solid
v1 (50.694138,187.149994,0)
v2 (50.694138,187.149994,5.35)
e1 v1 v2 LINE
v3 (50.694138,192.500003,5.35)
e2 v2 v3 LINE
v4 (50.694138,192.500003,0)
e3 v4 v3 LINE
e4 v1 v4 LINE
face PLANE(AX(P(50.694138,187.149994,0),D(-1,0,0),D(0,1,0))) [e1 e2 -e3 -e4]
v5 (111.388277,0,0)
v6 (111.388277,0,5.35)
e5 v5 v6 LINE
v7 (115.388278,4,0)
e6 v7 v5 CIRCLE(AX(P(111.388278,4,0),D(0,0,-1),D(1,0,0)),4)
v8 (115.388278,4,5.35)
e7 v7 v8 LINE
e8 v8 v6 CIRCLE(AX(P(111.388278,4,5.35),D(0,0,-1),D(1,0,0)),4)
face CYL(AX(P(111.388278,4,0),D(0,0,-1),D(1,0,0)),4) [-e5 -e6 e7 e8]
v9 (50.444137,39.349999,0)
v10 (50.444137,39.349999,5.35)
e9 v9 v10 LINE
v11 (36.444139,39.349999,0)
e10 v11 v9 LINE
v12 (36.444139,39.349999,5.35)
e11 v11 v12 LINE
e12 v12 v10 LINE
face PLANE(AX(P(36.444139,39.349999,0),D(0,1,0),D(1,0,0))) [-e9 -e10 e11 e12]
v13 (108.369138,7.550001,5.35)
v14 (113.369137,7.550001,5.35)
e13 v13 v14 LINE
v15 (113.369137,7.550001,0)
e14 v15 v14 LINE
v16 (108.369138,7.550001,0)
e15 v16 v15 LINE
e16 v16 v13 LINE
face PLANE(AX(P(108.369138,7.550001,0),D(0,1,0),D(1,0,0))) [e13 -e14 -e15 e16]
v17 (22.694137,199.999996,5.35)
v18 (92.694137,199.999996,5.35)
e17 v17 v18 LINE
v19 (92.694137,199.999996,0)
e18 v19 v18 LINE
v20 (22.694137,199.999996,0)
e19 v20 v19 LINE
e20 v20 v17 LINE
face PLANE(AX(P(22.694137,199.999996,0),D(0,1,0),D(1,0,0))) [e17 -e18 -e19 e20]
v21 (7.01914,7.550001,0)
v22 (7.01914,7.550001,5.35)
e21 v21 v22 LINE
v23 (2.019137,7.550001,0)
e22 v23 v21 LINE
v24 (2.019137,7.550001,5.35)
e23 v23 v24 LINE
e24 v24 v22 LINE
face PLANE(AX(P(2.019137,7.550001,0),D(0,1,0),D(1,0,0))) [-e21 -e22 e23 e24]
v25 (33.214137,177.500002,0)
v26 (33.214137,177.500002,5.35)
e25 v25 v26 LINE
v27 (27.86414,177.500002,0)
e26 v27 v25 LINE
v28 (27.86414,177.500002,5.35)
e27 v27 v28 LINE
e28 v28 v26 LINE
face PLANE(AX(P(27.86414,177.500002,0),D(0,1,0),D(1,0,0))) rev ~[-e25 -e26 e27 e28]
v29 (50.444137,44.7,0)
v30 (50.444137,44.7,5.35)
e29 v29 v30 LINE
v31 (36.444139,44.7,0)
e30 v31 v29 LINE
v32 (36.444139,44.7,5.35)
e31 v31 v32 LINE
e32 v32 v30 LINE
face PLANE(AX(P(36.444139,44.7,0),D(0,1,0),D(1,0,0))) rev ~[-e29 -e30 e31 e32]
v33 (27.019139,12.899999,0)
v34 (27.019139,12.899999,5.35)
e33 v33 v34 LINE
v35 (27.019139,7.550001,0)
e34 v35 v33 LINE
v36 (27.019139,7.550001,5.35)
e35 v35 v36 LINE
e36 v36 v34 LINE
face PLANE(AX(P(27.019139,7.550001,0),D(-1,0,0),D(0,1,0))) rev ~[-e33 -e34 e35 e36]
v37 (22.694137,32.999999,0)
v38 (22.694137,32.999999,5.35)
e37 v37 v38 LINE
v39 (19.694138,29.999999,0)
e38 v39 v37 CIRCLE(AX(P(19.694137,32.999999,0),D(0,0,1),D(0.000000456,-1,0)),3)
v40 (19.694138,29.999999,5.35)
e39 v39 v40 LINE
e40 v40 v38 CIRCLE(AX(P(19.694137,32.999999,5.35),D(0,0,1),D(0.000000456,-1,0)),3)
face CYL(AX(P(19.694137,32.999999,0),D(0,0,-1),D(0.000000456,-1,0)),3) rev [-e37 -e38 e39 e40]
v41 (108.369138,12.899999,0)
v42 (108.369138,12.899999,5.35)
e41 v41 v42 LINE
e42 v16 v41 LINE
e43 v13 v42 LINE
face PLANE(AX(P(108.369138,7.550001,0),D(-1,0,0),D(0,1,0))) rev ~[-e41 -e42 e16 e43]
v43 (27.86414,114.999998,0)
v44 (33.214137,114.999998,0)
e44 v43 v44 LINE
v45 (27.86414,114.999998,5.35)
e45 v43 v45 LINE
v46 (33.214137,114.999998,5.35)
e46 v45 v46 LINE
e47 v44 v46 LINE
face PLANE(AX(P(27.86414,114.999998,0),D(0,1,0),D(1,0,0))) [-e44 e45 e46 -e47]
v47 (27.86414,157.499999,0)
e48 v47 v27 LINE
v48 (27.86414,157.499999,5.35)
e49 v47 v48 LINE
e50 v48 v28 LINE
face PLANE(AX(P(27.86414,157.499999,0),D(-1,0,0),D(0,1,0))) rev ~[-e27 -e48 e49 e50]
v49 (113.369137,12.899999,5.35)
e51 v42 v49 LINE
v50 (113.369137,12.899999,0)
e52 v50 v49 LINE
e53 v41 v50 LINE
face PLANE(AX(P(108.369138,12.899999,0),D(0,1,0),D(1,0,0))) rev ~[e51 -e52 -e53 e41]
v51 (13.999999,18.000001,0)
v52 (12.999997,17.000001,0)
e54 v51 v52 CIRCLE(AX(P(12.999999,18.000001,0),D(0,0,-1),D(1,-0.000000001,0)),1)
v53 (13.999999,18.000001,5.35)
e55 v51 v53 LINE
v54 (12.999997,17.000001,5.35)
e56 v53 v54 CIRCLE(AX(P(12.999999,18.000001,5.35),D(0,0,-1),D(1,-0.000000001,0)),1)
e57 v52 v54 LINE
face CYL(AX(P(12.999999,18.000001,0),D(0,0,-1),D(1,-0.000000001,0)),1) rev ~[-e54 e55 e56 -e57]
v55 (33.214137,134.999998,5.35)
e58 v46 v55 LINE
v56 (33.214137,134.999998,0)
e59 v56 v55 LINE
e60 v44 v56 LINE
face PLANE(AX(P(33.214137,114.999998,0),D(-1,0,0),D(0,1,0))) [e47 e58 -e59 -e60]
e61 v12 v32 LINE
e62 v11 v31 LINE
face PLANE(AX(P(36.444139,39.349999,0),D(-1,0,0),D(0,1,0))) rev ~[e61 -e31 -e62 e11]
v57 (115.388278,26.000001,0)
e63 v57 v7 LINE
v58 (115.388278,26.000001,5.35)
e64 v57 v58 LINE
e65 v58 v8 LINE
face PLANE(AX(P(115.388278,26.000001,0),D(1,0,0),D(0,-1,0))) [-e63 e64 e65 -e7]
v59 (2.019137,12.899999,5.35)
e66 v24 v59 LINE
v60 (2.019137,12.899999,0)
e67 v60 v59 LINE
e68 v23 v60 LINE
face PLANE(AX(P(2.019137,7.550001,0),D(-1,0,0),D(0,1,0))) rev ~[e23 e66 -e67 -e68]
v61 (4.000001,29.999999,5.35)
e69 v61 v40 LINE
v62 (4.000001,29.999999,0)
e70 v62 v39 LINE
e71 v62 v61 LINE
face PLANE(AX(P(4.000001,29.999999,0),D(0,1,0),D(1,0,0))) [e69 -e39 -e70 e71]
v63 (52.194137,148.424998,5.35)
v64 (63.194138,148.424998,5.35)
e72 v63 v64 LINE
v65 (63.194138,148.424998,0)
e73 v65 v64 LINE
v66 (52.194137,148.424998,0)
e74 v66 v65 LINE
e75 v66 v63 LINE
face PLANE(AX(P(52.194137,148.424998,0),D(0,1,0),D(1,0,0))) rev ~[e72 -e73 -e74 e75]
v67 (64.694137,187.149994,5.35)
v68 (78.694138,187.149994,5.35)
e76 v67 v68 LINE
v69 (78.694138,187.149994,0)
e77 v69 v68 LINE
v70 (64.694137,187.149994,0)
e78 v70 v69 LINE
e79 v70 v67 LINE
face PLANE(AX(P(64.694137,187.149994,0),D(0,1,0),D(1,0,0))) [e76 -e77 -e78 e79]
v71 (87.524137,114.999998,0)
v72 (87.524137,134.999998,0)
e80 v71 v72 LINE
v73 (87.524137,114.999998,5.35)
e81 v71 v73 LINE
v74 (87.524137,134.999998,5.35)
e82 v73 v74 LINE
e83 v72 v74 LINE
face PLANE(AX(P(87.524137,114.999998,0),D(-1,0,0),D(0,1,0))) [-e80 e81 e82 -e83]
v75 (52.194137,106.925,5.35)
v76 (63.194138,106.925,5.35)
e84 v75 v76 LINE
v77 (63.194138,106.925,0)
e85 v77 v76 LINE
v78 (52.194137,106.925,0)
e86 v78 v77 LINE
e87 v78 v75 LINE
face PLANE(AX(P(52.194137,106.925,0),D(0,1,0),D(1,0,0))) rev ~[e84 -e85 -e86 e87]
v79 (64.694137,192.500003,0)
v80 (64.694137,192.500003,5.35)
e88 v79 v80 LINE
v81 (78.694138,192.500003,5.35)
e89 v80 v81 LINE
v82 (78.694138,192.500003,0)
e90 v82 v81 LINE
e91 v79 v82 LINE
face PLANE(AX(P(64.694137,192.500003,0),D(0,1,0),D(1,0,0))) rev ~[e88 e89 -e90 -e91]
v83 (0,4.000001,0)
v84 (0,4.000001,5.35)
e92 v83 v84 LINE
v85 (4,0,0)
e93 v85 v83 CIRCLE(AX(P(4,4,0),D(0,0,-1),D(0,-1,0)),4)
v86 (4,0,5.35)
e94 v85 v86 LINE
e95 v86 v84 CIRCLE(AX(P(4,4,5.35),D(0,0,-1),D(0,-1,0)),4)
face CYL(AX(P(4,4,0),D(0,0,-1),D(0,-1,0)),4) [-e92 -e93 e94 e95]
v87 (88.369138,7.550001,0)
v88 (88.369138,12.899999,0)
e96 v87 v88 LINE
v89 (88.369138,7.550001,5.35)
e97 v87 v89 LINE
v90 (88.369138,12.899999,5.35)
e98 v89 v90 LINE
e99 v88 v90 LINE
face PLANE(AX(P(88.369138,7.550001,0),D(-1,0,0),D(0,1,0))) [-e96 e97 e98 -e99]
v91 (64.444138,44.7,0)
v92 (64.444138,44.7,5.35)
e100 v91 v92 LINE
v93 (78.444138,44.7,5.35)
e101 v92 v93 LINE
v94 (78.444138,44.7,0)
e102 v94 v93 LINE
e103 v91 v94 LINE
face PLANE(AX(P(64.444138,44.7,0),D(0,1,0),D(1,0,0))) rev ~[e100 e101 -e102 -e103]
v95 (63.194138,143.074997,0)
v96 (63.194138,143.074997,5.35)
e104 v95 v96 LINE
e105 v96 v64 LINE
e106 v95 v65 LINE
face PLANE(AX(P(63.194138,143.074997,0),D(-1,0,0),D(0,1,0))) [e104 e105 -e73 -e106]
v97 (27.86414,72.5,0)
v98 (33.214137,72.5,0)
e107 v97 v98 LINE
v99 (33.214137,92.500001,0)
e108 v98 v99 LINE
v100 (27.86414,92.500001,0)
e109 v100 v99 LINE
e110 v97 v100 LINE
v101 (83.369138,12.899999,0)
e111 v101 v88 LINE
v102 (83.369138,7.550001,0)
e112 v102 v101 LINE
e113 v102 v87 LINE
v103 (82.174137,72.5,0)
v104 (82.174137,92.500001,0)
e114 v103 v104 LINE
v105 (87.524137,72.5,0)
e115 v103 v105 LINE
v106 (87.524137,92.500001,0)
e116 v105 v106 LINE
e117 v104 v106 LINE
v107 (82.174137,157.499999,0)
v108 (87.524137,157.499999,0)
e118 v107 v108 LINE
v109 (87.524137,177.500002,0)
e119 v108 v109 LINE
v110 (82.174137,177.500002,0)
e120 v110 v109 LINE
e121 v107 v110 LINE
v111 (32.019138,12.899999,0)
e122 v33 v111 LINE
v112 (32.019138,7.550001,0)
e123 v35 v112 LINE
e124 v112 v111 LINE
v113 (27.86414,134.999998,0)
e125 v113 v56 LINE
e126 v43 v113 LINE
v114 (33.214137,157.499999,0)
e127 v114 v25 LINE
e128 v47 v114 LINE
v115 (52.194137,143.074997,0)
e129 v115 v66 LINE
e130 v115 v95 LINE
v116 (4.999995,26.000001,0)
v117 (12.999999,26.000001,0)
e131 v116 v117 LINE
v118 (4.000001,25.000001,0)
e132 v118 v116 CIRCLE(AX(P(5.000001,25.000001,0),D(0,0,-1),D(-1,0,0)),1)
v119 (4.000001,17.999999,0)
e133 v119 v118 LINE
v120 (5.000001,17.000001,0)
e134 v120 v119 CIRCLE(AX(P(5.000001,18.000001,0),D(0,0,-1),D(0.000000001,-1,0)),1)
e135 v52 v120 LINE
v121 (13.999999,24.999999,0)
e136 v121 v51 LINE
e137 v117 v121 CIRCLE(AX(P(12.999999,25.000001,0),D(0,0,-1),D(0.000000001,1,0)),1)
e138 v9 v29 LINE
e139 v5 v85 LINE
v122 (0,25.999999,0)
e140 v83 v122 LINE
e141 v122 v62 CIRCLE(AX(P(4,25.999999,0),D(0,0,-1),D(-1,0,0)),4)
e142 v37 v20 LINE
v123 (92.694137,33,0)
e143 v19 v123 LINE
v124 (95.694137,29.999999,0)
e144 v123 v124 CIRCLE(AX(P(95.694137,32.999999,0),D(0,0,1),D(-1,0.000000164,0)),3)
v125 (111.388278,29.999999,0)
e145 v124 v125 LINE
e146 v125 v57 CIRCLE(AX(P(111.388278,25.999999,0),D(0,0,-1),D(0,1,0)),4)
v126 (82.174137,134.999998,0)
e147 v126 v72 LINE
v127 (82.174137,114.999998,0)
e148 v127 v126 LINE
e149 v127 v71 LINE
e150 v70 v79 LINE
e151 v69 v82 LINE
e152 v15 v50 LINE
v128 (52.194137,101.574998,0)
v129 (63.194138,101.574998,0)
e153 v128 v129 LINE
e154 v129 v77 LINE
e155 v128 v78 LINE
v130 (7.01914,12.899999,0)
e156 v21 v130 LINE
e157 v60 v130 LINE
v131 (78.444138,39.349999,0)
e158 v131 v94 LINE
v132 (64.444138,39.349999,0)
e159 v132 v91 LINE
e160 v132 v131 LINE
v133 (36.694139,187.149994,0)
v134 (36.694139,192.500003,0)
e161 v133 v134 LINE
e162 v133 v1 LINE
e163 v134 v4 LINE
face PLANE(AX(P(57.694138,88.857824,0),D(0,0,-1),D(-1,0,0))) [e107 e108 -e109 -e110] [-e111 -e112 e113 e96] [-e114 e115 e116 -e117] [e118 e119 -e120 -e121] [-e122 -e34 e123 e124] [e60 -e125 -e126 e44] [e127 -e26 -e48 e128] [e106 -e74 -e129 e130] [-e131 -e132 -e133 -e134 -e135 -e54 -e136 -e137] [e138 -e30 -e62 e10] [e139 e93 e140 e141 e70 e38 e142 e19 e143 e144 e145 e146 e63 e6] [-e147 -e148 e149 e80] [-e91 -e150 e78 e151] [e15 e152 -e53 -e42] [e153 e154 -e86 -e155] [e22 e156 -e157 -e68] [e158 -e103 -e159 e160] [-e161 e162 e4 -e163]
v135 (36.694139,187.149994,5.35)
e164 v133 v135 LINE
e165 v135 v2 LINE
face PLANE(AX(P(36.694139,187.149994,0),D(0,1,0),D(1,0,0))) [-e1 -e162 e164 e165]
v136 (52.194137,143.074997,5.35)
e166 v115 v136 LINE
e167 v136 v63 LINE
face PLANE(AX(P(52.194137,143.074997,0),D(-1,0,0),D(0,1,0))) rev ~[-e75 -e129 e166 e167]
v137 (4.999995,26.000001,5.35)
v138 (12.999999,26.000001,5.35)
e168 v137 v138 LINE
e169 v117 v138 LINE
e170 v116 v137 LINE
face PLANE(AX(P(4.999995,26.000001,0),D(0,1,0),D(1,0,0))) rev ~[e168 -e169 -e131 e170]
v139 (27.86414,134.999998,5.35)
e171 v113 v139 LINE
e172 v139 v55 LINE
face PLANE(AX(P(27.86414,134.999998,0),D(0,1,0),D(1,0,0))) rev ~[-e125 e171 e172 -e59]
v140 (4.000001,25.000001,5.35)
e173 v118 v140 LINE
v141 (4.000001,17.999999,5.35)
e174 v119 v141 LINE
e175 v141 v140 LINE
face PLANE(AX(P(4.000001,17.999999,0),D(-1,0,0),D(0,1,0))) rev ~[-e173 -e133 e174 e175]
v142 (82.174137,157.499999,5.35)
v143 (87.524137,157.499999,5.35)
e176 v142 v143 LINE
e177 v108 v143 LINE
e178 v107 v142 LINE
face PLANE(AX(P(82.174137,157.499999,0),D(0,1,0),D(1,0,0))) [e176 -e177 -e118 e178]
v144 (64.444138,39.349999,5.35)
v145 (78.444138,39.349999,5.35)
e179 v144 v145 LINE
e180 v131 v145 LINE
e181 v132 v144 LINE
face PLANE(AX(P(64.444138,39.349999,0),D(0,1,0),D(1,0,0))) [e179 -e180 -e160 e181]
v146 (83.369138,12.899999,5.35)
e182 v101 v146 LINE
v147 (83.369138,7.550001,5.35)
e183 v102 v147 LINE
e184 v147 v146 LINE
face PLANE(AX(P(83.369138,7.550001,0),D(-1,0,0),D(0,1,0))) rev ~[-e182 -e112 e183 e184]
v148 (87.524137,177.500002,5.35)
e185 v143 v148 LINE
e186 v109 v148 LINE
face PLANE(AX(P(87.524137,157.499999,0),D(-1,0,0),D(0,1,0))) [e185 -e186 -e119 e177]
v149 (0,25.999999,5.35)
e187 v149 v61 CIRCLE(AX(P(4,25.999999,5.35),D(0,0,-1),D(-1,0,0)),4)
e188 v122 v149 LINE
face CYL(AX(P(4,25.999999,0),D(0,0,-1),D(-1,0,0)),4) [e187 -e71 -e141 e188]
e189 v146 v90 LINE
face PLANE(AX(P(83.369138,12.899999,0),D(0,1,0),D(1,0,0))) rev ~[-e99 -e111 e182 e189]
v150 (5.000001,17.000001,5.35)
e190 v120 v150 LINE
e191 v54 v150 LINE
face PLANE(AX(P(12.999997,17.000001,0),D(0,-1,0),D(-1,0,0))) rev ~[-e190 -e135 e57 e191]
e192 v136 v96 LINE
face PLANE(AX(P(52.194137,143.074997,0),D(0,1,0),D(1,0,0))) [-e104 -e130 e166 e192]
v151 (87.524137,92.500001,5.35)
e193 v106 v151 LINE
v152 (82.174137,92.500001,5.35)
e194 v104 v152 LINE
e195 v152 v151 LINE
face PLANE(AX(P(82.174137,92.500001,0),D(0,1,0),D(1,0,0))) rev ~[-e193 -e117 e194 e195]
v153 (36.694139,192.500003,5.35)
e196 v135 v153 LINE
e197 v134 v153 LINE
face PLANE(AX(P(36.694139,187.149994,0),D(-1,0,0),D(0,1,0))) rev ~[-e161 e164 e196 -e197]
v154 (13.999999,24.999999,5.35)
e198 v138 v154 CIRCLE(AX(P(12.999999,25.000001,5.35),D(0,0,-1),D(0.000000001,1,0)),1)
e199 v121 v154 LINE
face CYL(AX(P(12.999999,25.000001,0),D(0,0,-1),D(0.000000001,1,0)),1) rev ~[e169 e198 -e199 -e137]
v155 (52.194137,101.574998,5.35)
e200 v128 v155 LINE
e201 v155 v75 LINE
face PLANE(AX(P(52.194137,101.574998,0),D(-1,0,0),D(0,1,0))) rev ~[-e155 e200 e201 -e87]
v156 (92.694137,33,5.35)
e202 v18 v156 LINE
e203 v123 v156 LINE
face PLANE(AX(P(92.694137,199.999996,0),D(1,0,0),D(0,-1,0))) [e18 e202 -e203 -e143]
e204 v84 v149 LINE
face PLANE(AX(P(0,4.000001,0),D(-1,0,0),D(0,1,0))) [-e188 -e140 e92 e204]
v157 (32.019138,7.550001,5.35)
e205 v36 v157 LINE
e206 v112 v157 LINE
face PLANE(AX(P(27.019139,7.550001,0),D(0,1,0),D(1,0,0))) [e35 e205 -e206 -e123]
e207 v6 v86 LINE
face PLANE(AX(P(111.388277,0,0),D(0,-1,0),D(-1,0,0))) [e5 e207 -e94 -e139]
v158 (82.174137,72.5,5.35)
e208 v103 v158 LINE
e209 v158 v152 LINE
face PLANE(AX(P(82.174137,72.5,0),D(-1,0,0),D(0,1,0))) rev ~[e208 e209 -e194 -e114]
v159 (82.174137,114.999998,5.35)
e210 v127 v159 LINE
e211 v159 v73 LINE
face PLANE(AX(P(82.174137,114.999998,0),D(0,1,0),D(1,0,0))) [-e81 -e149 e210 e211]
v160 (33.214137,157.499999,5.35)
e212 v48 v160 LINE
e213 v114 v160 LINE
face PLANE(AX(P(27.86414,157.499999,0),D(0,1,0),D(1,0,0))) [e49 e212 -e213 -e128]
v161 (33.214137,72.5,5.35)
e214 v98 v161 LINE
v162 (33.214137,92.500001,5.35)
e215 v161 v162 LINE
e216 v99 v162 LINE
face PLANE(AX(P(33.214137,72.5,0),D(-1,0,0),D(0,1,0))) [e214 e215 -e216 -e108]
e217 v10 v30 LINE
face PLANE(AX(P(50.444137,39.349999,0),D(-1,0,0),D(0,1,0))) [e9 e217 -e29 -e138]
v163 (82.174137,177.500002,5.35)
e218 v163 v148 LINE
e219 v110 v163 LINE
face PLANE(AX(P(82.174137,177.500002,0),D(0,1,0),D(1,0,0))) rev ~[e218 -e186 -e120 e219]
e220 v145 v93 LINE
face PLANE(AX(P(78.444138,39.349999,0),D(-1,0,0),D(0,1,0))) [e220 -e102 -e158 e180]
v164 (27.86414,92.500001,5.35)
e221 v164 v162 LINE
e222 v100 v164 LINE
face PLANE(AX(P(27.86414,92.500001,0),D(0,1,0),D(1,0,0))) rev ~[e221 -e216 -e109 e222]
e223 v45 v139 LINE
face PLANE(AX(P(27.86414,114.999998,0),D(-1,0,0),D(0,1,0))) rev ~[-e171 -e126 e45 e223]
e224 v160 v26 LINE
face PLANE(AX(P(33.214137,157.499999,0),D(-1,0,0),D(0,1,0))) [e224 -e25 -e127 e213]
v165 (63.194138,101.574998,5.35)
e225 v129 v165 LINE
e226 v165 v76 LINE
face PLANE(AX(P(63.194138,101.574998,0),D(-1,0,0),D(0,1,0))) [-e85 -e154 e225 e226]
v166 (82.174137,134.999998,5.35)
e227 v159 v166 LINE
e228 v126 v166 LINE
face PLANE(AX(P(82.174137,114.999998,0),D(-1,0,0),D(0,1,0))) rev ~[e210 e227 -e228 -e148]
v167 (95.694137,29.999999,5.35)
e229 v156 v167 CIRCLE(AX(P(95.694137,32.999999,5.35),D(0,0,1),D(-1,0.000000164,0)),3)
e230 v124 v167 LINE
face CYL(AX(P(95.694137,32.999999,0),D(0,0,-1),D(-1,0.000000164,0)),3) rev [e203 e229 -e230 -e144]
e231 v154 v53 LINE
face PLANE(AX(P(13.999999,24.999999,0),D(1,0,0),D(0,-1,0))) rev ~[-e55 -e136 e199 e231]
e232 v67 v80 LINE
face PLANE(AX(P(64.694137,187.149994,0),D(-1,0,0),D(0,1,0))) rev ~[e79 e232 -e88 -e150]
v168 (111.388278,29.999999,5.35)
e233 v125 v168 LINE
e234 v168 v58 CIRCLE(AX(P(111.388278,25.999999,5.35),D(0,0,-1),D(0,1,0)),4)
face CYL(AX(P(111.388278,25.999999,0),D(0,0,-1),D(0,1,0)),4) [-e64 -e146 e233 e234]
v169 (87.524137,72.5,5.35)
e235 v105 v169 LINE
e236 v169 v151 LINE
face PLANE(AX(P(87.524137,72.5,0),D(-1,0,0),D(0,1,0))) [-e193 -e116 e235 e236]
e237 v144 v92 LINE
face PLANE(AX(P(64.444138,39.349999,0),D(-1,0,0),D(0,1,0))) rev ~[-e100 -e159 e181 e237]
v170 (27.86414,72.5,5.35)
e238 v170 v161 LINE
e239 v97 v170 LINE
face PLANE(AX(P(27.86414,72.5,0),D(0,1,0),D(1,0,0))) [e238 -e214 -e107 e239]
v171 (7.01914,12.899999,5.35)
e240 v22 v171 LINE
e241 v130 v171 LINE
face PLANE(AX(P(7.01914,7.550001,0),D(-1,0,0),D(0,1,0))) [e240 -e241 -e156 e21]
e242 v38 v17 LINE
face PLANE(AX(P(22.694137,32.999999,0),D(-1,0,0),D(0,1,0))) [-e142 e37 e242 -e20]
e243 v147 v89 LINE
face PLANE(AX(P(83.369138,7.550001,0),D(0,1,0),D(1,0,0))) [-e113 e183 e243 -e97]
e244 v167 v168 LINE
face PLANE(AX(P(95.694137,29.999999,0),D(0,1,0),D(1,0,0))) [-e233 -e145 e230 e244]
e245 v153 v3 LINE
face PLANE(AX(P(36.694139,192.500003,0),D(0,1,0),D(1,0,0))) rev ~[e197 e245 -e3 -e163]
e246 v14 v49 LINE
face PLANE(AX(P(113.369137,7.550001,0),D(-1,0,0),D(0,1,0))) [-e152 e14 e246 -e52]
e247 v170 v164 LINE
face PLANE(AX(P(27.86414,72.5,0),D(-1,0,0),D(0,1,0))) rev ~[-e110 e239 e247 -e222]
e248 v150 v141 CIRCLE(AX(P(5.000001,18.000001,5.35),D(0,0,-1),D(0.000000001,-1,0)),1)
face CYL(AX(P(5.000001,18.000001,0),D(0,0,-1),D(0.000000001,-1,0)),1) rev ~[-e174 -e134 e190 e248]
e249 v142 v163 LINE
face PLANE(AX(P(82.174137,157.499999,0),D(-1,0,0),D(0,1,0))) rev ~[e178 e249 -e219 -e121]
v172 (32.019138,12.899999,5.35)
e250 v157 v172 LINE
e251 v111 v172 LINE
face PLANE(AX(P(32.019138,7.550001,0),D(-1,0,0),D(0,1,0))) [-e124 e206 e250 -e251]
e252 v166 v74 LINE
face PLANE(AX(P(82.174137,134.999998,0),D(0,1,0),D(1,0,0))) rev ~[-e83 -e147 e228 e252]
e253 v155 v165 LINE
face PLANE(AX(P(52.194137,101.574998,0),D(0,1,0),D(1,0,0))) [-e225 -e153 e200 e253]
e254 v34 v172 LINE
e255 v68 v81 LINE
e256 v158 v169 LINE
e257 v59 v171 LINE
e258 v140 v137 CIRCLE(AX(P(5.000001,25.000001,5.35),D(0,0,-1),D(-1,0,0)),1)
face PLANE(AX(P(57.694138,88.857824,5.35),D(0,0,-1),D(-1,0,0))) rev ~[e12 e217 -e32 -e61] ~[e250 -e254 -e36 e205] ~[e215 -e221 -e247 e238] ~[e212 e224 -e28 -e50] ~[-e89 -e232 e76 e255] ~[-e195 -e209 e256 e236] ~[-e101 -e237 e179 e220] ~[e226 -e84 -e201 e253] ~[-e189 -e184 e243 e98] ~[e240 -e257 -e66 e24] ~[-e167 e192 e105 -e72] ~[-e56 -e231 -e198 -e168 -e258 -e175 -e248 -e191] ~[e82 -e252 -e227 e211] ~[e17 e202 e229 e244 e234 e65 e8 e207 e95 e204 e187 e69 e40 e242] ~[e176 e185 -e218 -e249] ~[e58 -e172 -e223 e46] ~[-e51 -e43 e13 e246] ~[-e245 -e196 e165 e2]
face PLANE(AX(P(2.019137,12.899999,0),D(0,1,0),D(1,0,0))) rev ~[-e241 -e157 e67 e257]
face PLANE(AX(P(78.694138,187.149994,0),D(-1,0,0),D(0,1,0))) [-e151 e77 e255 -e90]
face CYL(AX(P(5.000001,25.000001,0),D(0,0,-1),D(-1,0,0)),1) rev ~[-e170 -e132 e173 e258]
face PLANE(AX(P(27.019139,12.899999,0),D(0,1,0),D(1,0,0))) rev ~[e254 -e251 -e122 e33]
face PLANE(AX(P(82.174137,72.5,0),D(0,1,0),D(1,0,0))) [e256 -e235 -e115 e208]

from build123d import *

# Parameters (mm, degrees)
MODEL_W             = 5.350000225
MODEL_H             = 20.000001416
MODEL_W_2           = 5.349997431
MODEL_W_3           = 11.000000872
MODEL_H_2           = 5.350001156
MODEL_H_3           = 19.999999553
MODEL_H_4           = 20.000003278
MODEL_W_4           = 13.99999857
MODEL_H_5           = 5.350008607
MODEL_W_5           = 14.000000433
MODEL_W_6           = 13.999999967
MODEL_H_6           = 5.350000225
MODEL_W_7           = 4.999999888
MODEL_H_7           = 5.349997431
MODEL_W_8           = 4.999998957
MODEL_W_9           = 5.000002682
BOSS_EXTRUDE1_DEPTH = 5.35


with BuildPart() as part:
    # Model → Boss-Extrude1 (new body)
    with BuildSketch(Plane.XY):
        with BuildLine():
            Line((4.000000656, 29.99999933), (19.694138318, 29.99999933))
            ThreePointArc((19.694138318, 29.99999933), (21.815457776, 30.878679471), (22.694136947, 32.999999329))
            Line((22.694136947, 32.999999329), (22.694136947, 199.99999553))
            Line((22.694136947, 199.99999553), (92.694137245, 199.99999553))
            Line((92.694137245, 199.99999553), (92.694137245, 32.999999821))
            ThreePointArc((92.694137245, 32.999999821), (93.572816728, 30.87867916), (95.694137245, 29.99999933))
            Line((95.694137245, 29.99999933), (111.388277918, 29.99999933))
            ThreePointArc((111.388277918, 29.99999933), (114.216704616, 28.828426881), (115.388277918, 26.000000537))
            Line((115.388277918, 26.000000537), (115.388277918, 4))
            ThreePointArc((115.388277918, 4), (114.216704811, 1.171572643), (111.388277262, 0))
            Line((111.388277262, 0), (4, 0))
            ThreePointArc((4, 0), (1.171572643, 1.171573107), (0, 4.000000656))
            Line((0, 4.000000656), (0, 25.99999933))
            ThreePointArc((0, 25.99999933), (1.171573107, 28.828426686), (4.000000656, 29.99999933))
        make_face()
        with Locations((84.849137348, 82.500000484)):
            Rectangle(MODEL_W, MODEL_H, mode=Mode.SUBTRACT)
        with Locations((30.539138243, 82.500000484)):
            Rectangle(MODEL_W_2, MODEL_H, mode=Mode.SUBTRACT)
        with Locations((57.694137562, 104.249998927)):
            Rectangle(MODEL_W_3, MODEL_H_2, mode=Mode.SUBTRACT)
        with Locations((84.849137348, 124.999998138)):
            Rectangle(MODEL_W, MODEL_H_3, mode=Mode.SUBTRACT)
        with Locations((30.539138243, 124.999998138)):
            Rectangle(MODEL_W_2, MODEL_H_3, mode=Mode.SUBTRACT)
        with Locations((30.539138243, 167.500000447)):
            Rectangle(MODEL_W_2, MODEL_H_4, mode=Mode.SUBTRACT)
        with Locations((84.849137348, 167.500000447)):
            Rectangle(MODEL_W, MODEL_H_4, mode=Mode.SUBTRACT)
        with Locations((57.694137562, 145.749997348)):
            Rectangle(MODEL_W_3, MODEL_H_2, mode=Mode.SUBTRACT)
        with Locations((43.694138527, 189.824998379)):
            Rectangle(MODEL_W_4, MODEL_H_5, mode=Mode.SUBTRACT)
        with Locations((71.694137529, 189.824998379)):
            Rectangle(MODEL_W_5, MODEL_H_5, mode=Mode.SUBTRACT)
        with Locations((71.444137721, 42.024999392)):
            Rectangle(MODEL_W_6, MODEL_H_6, mode=Mode.SUBTRACT)
        with Locations((43.44413802, 42.024999392)):
            Rectangle(MODEL_W_4, MODEL_H_6, mode=Mode.SUBTRACT)
        with Locations((85.869137663, 10.22499986)):
            Rectangle(MODEL_W_7, MODEL_H_7, mode=Mode.SUBTRACT)
        with Locations((110.869137571, 10.22499986)):
            Rectangle(MODEL_W_8, MODEL_H_7, mode=Mode.SUBTRACT)
        with Locations((4.519138485, 10.22499986)):
            Rectangle(MODEL_W_9, MODEL_H_7, mode=Mode.SUBTRACT)
        with Locations((29.519138858, 10.22499986)):
            Rectangle(MODEL_W_8, MODEL_H_7, mode=Mode.SUBTRACT)
        with BuildLine():
            Line((12.999996543, 17.000000924), (5.000000656, 17.000000924))
            ThreePointArc((5.000000656, 17.000000924), (4.292894475, 17.292893542), (4.000000656, 17.999999225))
            Line((4.000000656, 17.999999225), (4.000000656, 25.000000537))
            ThreePointArc((4.000000656, 25.000000537), (4.292891957, 25.7071054), (4.999995232, 26.000000536))
            Line((4.999995232, 26.000000536), (12.99999857, 26.000000536))
            ThreePointArc((12.99999857, 26.000000536), (13.707106067, 25.707106601), (13.99999857, 24.99999851))
            Line((13.99999857, 24.99999851), (13.99999857, 18.000000924))
            ThreePointArc((13.99999857, 18.000000924), (13.707104634, 17.292893426), (12.999996543, 17.000000924))
        make_face(mode=Mode.SUBTRACT)
    extrude(amount=BOSS_EXTRUDE1_DEPTH)


solid = part.part
